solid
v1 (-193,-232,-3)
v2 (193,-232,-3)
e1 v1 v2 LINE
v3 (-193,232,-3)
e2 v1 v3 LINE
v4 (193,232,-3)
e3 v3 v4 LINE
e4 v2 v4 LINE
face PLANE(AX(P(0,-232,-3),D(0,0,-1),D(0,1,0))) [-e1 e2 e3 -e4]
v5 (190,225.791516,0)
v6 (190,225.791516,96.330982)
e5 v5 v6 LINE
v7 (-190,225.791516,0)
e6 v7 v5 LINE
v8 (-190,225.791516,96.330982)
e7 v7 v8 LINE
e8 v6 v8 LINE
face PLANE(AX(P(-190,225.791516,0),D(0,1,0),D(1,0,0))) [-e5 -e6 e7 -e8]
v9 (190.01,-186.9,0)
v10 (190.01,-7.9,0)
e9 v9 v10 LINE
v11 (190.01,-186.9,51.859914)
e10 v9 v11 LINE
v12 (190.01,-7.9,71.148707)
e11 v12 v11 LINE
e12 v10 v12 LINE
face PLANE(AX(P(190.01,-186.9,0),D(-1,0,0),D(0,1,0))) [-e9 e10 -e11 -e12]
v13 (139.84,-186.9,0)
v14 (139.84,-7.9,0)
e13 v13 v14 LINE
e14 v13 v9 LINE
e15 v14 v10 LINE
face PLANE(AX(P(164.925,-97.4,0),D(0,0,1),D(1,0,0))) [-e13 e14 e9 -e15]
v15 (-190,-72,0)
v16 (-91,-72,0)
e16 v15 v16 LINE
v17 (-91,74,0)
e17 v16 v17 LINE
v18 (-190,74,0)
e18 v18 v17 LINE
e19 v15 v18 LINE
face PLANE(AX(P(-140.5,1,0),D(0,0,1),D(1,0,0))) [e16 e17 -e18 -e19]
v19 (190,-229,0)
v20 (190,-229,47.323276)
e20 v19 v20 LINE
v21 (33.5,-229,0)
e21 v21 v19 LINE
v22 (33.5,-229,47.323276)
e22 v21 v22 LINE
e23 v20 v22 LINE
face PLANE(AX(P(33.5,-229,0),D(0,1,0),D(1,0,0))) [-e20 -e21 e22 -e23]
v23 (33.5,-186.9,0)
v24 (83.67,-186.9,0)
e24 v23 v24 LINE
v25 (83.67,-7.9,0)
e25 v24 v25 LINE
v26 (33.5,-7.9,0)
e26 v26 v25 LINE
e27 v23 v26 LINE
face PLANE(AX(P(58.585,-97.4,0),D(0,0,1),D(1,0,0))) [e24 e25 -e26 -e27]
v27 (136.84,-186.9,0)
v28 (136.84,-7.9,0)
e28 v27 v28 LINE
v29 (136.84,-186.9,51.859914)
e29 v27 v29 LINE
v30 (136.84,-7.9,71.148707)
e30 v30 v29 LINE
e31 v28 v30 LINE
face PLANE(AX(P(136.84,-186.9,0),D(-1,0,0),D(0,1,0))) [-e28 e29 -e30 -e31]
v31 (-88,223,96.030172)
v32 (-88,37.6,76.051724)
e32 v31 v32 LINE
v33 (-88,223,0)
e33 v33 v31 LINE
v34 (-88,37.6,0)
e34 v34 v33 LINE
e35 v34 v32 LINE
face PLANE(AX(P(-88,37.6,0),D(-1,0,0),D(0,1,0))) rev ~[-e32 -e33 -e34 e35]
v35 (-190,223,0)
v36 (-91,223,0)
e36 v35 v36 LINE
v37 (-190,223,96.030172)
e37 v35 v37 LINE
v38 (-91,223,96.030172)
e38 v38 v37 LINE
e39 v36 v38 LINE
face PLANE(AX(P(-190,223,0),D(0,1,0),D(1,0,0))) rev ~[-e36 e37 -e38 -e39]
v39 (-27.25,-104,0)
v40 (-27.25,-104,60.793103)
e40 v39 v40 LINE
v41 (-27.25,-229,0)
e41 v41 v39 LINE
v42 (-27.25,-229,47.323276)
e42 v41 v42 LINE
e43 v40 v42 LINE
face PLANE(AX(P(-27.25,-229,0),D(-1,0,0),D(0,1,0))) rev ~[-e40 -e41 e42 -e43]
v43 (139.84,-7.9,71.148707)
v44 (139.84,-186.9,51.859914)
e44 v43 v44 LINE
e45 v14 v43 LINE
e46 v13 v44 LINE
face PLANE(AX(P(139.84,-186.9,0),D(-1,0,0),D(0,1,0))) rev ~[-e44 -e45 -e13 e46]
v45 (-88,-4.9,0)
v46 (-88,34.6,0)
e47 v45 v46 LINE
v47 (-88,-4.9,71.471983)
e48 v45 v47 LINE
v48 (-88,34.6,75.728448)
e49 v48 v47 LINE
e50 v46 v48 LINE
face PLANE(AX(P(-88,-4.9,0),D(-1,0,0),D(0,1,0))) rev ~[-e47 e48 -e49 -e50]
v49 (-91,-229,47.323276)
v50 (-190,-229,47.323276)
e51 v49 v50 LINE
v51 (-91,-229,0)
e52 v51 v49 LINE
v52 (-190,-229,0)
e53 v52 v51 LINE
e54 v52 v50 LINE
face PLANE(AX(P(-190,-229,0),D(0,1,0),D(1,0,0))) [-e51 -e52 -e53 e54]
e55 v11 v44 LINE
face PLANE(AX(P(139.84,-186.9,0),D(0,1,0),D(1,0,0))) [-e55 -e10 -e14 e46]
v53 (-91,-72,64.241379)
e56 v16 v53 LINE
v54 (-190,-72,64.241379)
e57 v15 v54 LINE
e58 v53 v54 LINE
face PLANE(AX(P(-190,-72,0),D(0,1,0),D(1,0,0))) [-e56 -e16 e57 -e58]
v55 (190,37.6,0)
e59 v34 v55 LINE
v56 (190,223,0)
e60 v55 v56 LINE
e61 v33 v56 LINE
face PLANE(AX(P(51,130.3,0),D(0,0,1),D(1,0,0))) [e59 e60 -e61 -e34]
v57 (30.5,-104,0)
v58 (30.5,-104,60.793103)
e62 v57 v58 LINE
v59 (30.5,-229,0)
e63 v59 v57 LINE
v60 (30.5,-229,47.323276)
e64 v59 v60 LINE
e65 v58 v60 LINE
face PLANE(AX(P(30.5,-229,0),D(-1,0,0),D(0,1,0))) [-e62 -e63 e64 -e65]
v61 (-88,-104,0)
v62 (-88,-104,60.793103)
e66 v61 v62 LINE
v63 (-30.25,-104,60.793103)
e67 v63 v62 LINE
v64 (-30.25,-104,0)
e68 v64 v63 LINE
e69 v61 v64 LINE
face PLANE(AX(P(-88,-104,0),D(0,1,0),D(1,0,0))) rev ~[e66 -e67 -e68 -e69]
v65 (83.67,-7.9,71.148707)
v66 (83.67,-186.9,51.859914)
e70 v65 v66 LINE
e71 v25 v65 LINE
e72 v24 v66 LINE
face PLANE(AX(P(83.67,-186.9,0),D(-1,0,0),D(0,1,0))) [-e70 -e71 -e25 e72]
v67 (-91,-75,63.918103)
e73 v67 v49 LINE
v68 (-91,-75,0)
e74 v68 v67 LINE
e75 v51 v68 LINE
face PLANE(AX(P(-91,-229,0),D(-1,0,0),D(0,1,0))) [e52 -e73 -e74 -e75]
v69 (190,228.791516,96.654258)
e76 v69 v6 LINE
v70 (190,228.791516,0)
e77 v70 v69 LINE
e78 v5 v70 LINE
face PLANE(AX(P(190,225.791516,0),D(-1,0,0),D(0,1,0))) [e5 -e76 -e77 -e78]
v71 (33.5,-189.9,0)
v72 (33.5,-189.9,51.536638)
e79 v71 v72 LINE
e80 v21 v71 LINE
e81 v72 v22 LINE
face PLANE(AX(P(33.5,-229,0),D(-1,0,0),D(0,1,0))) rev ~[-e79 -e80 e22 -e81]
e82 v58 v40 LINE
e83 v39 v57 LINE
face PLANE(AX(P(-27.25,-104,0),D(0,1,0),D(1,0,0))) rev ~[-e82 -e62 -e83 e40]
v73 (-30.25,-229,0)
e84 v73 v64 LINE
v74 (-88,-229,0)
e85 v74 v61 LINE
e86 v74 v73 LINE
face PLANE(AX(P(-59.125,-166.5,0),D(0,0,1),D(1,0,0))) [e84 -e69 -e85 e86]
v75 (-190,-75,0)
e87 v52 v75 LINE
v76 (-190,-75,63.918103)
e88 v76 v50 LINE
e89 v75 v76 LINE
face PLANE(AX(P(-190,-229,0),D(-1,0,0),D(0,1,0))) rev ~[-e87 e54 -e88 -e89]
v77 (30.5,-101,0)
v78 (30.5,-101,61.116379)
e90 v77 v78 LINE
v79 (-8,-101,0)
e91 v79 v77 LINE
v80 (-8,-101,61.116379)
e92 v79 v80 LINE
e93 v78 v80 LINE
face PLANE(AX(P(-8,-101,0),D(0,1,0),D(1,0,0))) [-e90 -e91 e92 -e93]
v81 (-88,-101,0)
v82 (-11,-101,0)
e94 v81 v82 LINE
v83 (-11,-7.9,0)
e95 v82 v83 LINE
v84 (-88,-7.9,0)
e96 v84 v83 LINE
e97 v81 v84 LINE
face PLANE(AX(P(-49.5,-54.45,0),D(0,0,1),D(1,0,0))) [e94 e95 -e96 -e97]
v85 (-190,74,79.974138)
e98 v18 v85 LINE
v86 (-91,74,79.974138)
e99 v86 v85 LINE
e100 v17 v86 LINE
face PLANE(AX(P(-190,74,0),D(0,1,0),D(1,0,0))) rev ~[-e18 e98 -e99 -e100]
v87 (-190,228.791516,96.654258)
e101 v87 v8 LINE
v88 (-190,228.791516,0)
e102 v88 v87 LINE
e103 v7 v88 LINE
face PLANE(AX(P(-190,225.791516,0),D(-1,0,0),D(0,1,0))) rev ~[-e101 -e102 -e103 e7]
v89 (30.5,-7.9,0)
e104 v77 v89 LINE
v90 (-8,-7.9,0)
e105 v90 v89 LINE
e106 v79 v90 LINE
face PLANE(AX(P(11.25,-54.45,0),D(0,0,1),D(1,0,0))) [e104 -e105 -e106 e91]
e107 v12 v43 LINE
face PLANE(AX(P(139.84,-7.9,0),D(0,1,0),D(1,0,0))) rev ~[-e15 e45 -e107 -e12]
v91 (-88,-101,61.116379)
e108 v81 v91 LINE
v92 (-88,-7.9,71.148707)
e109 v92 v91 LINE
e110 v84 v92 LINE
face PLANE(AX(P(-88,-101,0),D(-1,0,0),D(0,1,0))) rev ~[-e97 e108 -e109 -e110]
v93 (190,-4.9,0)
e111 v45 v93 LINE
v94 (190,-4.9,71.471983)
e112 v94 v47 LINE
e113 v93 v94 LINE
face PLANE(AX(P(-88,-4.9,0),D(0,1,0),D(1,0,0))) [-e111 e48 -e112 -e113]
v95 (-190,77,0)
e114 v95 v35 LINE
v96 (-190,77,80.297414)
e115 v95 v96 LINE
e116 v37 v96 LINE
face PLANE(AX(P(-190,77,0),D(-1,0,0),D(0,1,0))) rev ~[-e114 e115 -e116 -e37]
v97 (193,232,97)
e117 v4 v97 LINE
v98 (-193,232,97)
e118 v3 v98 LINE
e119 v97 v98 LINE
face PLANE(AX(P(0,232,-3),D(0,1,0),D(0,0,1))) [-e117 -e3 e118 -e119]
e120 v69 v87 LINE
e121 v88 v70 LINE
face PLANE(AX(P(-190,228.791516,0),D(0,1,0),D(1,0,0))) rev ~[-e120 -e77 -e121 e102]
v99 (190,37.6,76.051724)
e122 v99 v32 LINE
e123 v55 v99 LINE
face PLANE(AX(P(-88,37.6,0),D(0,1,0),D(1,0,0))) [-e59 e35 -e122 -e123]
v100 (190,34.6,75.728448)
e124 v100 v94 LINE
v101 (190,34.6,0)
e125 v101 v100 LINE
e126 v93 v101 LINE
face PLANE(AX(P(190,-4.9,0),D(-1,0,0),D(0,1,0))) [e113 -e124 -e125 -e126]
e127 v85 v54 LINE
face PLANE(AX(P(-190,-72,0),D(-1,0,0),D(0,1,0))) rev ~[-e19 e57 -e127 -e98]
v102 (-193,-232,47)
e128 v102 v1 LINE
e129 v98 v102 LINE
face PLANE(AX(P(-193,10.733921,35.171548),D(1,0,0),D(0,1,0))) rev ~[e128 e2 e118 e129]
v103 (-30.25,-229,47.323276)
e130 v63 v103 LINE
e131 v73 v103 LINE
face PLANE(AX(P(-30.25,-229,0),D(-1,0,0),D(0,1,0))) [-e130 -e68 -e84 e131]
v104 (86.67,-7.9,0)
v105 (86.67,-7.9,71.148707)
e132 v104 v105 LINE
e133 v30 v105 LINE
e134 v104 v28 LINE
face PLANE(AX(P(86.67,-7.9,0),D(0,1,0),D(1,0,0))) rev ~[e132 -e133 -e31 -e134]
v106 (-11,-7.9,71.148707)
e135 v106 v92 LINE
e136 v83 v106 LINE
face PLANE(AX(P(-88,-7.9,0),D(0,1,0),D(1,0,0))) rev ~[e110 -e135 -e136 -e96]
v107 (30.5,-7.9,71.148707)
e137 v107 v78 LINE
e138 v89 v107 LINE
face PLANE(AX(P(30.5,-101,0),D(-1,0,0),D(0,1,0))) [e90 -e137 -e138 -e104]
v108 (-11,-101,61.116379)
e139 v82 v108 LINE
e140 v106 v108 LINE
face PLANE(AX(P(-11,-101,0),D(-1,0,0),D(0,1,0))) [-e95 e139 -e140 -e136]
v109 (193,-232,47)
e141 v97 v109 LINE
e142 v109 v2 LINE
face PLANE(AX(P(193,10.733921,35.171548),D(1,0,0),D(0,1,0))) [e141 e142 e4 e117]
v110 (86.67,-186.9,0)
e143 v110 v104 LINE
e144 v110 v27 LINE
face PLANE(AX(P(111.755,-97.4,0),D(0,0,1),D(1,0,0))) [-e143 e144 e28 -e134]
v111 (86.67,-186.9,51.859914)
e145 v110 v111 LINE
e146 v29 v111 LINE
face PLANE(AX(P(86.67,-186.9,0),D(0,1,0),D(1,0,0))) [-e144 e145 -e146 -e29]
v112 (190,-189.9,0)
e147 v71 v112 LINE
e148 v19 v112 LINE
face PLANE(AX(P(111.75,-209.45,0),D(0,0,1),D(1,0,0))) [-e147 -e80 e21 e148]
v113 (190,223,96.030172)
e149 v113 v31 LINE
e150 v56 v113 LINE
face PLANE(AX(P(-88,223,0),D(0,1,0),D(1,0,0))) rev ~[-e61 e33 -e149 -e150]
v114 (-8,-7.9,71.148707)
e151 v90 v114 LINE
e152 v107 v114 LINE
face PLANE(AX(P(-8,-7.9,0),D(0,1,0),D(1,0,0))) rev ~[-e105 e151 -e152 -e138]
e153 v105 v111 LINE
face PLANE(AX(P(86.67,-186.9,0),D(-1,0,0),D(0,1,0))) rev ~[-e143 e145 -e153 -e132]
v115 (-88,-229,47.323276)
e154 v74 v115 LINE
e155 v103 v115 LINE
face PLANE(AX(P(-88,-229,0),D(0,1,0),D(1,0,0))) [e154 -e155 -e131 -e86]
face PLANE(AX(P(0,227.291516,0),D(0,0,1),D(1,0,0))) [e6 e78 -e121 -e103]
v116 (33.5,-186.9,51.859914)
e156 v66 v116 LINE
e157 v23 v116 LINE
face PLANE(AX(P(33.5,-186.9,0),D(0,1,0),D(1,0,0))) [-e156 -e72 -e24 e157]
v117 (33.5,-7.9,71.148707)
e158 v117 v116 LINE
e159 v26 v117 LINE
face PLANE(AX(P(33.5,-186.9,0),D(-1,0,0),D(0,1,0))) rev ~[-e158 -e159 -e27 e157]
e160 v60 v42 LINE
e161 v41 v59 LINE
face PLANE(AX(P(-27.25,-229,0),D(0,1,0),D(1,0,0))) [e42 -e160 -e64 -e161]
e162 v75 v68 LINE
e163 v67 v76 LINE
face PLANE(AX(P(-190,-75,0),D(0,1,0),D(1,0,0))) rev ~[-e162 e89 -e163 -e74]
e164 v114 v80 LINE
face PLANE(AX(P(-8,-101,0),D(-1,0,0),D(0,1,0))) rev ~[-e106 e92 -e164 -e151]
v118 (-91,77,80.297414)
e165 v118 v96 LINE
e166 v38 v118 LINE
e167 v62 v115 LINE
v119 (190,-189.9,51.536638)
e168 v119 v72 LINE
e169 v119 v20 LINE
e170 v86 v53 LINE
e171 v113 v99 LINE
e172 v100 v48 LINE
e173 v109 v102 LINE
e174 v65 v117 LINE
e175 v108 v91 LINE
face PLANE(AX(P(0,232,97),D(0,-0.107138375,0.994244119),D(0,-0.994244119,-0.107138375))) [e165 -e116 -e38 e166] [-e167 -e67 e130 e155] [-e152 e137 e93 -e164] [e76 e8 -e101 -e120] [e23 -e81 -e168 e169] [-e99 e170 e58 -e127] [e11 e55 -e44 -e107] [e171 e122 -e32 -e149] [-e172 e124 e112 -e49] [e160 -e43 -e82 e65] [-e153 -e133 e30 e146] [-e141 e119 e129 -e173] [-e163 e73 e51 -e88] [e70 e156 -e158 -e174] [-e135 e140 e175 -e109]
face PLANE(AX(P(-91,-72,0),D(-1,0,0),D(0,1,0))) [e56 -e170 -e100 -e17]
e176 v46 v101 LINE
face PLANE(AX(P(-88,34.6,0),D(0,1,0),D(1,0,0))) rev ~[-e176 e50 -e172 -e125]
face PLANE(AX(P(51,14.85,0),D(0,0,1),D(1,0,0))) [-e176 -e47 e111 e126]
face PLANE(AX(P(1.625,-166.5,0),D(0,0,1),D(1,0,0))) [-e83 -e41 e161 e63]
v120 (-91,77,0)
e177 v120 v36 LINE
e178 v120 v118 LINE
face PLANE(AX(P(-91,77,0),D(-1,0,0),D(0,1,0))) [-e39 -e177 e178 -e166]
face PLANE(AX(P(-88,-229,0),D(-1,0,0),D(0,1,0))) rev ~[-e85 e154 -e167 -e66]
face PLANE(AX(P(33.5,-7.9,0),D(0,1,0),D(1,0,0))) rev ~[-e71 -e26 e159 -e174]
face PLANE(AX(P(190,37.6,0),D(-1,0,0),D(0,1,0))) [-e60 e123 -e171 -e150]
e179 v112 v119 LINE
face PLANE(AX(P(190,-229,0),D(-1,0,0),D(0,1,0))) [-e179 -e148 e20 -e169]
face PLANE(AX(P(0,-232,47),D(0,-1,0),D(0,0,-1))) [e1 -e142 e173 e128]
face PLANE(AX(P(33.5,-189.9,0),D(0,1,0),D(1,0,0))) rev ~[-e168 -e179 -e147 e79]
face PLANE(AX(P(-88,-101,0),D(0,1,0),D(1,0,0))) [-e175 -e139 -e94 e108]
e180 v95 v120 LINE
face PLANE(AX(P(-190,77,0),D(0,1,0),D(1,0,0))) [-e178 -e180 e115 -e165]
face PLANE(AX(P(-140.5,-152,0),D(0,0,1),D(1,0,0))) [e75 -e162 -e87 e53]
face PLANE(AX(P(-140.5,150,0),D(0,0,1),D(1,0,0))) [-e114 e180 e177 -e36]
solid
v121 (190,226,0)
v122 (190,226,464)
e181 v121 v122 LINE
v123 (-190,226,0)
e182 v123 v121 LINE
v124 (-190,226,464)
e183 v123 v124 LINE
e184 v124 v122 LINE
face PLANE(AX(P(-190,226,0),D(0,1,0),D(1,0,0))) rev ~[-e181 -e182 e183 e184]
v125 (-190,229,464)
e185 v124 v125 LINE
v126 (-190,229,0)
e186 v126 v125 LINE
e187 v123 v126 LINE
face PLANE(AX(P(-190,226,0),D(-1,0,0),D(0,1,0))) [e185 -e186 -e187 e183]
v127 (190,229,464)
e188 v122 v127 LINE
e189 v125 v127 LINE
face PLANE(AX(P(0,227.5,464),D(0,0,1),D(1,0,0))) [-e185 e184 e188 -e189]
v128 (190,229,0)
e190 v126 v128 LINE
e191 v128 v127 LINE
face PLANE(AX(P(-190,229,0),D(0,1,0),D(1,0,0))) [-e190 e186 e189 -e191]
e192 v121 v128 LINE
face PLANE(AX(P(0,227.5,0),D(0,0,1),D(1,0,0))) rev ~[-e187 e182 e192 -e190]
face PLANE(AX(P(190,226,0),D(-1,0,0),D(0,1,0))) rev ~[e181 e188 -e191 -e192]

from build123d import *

# Parameters (mm, degrees)
PAD_DEPTH     = 193
SKETCH001_W   = 99
SKETCH001_H   = 146
SKETCH001_H_2 = 154
SKETCH001_W_2 = 380
SKETCH001_H_3 = 3
SKETCH001_W_3 = 278
SKETCH001_H_4 = 185.4
SKETCH001_H_5 = 39.5
SKETCH001_W_4 = 77
SKETCH001_H_6 = 93.1
SKETCH001_W_5 = 38.5
SKETCH001_W_6 = 57.75
SKETCH001_H_7 = 125
SKETCH001_W_7 = 50.17
SKETCH001_H_8 = 179
SKETCH001_W_8 = 156.5
SKETCH001_H_9 = 39.1
POCKET_DEPTH  = 100
SKETCH002_W   = 380
SKETCH002_H   = 3
PAD001_DEPTH  = 464


with BuildPart() as base_expositor:
    # Sketch → Pad (new body, symmetric)
    with BuildSketch(Plane.YZ):
        Polygon((-232, 47), (-232, -3), (232, -3), (232, 97), align=None)
    extrude(amount=PAD_DEPTH, both=True)

    # Sketch001 → Pocket (cut)
    with BuildSketch(Plane.XY):
        with Locations((-140.5, 150)):
            Rectangle(SKETCH001_W, SKETCH001_H)
        with Locations((-140.5, 1)):
            Rectangle(SKETCH001_W, SKETCH001_H)
        with Locations((-140.5, -152)):
            Rectangle(SKETCH001_W, SKETCH001_H_2)
        with Locations((0, 227.291516)):
            Rectangle(SKETCH001_W_2, SKETCH001_H_3)
        with Locations((51, 130.3)):
            Rectangle(SKETCH001_W_3, SKETCH001_H_4)
        with Locations((51, 14.85)):
            Rectangle(SKETCH001_W_3, SKETCH001_H_5)
        with Locations((-49.5, -54.45)):
            Rectangle(SKETCH001_W_4, SKETCH001_H_6)
        with Locations((11.25, -54.45)):
            Rectangle(SKETCH001_W_5, SKETCH001_H_6)
        with Locations((-59.125, -166.5)):
            Rectangle(SKETCH001_W_6, SKETCH001_H_7)
        with Locations((1.625, -166.5)):
            Rectangle(SKETCH001_W_6, SKETCH001_H_7)
        with Locations((58.585, -97.4)):
            Rectangle(SKETCH001_W_7, SKETCH001_H_8)
        with Locations((111.755, -97.4)):
            Rectangle(SKETCH001_W_7, SKETCH001_H_8)
        with Locations((164.925, -97.4)):
            Rectangle(SKETCH001_W_7, SKETCH001_H_8)
        with Locations((111.75, -209.45)):
            Rectangle(SKETCH001_W_8, SKETCH001_H_9)
    extrude(amount=POCKET_DEPTH, mode=Mode.SUBTRACT)


with BuildPart() as panel_expositor:
    # Sketch002 → Pad001 (new body)
    with BuildSketch(Plane.XY):
        with Locations((0, 227.5)):
            Rectangle(SKETCH002_W, SKETCH002_H)
    extrude(amount=PAD001_DEPTH)


solid = Compound([base_expositor.part, panel_expositor.part])
